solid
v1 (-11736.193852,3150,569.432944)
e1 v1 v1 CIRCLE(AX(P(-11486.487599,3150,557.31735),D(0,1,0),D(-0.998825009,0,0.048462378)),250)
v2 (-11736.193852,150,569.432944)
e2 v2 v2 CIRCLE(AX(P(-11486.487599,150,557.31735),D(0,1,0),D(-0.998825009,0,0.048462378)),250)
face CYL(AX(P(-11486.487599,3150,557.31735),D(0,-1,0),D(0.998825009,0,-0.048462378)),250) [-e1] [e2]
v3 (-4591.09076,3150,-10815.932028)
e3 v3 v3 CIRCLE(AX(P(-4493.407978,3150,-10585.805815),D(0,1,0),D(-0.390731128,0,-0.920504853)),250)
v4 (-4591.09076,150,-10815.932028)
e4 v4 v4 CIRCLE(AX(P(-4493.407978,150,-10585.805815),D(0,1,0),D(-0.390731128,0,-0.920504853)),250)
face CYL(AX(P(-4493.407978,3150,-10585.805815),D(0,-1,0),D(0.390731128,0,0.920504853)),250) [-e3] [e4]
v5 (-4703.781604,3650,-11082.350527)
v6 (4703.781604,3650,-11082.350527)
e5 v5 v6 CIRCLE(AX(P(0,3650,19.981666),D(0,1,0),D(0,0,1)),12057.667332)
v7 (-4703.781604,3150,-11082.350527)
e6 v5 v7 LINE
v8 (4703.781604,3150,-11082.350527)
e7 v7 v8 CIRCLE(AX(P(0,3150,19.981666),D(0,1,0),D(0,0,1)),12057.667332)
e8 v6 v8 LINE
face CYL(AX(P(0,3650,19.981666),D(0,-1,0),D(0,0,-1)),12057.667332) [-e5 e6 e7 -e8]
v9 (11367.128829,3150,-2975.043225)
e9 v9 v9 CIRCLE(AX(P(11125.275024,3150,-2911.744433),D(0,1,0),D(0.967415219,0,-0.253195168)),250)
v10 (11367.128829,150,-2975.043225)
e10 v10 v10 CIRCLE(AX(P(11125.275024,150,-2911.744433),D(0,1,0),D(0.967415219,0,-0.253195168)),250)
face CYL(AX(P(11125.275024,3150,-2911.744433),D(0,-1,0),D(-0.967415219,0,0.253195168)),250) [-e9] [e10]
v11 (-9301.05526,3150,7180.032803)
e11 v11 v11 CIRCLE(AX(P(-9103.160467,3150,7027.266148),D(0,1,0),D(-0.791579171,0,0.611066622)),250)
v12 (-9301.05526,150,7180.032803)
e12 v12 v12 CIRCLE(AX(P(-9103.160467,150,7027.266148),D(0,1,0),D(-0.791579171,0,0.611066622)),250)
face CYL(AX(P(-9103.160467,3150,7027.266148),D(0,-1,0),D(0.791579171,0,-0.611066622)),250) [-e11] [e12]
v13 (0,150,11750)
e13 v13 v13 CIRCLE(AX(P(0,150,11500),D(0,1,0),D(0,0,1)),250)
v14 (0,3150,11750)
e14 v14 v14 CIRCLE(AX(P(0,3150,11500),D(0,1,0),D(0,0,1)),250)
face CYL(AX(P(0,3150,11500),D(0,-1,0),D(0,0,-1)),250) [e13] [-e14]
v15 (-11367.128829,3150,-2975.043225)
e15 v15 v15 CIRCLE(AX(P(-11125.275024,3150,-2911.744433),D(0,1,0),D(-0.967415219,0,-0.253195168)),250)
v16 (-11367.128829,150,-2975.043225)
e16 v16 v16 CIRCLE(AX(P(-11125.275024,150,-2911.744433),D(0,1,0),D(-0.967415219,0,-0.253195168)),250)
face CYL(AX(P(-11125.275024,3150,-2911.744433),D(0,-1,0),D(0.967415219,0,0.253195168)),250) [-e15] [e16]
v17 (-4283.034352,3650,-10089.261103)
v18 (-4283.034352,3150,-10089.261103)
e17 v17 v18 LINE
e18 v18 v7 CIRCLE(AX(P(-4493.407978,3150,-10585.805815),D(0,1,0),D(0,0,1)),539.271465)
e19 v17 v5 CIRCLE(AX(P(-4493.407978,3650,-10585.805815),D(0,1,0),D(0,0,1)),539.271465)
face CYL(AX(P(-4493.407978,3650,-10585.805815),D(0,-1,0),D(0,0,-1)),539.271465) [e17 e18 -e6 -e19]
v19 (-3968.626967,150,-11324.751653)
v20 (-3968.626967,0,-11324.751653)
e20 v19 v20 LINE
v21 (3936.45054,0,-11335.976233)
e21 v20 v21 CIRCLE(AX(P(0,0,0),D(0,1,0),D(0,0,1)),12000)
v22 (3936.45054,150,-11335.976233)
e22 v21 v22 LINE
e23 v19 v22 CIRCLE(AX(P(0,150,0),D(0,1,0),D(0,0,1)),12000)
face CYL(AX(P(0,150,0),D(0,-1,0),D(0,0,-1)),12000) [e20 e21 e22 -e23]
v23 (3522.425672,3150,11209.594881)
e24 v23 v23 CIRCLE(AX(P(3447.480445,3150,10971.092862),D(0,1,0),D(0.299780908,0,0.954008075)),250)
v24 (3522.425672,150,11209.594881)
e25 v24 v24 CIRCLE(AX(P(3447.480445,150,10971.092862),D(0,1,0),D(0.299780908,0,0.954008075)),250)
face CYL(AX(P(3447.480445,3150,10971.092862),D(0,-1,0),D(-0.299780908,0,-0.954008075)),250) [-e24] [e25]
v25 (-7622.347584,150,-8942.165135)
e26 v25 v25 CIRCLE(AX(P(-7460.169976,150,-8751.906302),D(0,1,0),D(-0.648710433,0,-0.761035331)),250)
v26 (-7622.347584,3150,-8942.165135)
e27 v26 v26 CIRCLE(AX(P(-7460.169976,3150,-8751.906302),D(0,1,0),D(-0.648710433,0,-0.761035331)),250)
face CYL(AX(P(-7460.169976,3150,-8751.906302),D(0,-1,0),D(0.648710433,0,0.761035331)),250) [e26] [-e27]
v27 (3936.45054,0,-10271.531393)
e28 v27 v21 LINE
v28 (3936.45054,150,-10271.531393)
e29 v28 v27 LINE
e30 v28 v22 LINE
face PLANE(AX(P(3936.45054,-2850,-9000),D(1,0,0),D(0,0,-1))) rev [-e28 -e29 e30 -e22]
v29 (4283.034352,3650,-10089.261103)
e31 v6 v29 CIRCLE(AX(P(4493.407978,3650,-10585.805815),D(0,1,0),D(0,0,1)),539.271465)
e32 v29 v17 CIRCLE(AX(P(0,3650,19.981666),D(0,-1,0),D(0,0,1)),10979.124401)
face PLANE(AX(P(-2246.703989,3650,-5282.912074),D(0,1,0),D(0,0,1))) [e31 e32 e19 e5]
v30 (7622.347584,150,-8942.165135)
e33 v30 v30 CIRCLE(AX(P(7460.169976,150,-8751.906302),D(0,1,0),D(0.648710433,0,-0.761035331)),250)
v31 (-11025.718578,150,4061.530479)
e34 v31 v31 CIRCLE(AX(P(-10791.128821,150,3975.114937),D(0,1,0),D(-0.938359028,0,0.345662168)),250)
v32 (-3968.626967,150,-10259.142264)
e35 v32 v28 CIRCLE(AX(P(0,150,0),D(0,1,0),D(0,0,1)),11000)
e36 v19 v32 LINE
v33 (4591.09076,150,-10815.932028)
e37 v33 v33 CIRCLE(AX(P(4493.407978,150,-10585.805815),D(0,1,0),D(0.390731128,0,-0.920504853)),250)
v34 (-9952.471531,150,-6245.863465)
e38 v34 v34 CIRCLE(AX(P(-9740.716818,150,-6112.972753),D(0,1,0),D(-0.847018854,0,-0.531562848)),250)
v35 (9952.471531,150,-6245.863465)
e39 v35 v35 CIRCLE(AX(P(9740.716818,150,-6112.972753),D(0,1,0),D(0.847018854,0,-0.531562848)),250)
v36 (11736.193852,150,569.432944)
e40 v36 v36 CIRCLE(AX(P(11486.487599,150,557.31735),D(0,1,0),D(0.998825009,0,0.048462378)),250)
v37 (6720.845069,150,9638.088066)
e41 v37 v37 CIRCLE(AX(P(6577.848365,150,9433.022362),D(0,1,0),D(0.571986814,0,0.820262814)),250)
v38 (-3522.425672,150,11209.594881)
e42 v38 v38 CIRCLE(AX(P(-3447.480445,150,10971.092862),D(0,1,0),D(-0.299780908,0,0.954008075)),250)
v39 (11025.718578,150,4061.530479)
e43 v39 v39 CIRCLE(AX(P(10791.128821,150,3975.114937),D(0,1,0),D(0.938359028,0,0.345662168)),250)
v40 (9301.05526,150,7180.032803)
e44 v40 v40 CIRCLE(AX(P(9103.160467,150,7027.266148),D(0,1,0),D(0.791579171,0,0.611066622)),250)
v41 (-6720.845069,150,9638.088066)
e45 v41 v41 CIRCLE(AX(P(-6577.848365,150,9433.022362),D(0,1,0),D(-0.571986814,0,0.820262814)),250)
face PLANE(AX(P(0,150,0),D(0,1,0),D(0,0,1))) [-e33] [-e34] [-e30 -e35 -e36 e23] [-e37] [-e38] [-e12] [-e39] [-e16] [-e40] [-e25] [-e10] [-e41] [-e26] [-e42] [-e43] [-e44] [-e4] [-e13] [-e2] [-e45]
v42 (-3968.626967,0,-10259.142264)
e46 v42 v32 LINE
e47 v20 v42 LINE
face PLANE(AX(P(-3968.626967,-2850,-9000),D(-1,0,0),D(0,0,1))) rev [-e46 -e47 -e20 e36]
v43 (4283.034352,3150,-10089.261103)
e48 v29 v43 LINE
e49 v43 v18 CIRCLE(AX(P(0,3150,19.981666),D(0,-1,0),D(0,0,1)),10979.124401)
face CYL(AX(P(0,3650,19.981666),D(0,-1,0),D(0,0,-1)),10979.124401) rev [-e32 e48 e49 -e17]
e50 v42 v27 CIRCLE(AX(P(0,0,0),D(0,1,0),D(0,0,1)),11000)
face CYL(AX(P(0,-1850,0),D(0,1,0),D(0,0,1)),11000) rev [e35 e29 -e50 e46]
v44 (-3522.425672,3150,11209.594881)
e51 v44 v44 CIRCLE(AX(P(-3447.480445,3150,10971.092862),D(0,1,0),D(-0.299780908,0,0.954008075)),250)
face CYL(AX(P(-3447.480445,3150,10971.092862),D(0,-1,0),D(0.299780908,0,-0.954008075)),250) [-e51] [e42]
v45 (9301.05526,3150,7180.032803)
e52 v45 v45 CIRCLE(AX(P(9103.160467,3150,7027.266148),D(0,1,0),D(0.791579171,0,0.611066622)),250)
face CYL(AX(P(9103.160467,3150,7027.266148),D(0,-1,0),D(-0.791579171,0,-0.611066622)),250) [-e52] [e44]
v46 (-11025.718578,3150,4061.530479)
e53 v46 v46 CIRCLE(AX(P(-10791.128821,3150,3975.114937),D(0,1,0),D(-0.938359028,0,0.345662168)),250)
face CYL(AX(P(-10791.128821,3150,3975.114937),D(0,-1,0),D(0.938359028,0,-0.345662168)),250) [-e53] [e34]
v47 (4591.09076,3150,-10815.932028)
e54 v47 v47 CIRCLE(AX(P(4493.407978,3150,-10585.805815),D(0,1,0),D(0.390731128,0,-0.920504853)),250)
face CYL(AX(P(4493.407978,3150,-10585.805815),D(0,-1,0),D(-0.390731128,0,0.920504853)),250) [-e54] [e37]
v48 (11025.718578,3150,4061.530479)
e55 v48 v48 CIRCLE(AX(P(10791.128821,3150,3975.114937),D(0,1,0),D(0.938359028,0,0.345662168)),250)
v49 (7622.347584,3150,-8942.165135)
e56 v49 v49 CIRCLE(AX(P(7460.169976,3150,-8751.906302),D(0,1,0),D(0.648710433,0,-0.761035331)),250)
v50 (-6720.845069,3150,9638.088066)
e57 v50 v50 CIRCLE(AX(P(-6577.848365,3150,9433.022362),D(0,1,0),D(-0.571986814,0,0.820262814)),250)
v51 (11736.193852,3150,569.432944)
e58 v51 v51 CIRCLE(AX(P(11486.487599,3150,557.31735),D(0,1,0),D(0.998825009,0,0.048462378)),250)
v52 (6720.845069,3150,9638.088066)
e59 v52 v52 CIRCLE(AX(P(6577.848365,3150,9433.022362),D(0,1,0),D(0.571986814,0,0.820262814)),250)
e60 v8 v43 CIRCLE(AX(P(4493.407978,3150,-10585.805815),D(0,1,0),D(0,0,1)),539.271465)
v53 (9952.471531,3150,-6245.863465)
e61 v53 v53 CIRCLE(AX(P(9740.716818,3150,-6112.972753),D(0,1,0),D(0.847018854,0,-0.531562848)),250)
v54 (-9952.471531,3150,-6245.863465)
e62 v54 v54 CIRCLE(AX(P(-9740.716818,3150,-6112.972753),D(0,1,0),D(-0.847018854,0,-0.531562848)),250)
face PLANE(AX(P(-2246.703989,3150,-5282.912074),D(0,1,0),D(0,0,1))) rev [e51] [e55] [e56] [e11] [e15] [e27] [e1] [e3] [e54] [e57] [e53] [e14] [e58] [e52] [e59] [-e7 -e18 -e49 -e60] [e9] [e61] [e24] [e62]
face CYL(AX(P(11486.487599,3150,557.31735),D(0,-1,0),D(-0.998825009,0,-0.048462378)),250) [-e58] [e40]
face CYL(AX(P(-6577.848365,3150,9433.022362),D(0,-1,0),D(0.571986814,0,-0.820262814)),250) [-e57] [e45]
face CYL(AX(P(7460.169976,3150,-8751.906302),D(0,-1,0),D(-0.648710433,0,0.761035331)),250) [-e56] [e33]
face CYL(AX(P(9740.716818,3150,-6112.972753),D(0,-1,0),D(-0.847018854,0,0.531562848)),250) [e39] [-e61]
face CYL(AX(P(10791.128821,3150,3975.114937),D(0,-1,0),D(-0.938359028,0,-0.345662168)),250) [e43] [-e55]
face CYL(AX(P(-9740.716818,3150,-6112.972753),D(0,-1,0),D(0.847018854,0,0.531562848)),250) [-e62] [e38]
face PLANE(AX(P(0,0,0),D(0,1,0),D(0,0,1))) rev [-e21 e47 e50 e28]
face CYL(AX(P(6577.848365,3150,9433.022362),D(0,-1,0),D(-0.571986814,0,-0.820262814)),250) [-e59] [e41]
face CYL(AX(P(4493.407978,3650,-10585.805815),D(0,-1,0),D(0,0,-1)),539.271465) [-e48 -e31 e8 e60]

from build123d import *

# Parameters (mm, degrees)
SKETCH2_R                       = 12000
BOSS_EXTRUDE1_DEPTH             = 150
SKETCH4_R                       = 11000
CUT_EXTRUDE1_DEPTH              = 2000
SKETCH5_R                       = 250
BOSS_EXTRUDE4_DEPTH             = 3000
CIRPATTERN3_COUNT               = 10
CIRPATTERN3_ANGLE               = 157
CIRPATTERN3_THE_OTHER_WAY_COUNT = 10
CIRPATTERN3_THE_OTHER_WAY_ANGLE = 157
CUT_EXTRUDE3_DEPTH              = 5000
CUT_EXTRUDE3_DEPTH_BACK         = 3000
SKETCH8_W                       = 7905.077506289
SKETCH8_H                       = 3194.439171871
BOSS_EXTRUDE6_DEPTH             = 500


with BuildPart() as part:
    # Sketch2 → Boss-Extrude1 (new body)
    with BuildSketch(Plane(origin=(0, 0, 0), x_dir=(1, 0, 0), z_dir=(0, 1, 0))):
        with Locations(Location((0, 0, 0), (0, 0, 270))):
            Circle(SKETCH2_R)
    extrude(amount=BOSS_EXTRUDE1_DEPTH)

    # Sketch4 → Cut-Extrude1 (cut)
    with BuildSketch(Plane(origin=(0, 150, 0), x_dir=(1, 0, 0), z_dir=(0, 1, 0))):
        with Locations(Location((0, 0, 0), (0, 0, 270))):
            Circle(SKETCH4_R)
    extrude(amount=-CUT_EXTRUDE1_DEPTH, mode=Mode.SUBTRACT)

    # Sketch5 → Boss-Extrude4 (add)
    with BuildSketch(Plane(origin=(0, 150, 0), x_dir=(1, 0, 0), z_dir=(0, 1, 0))):
        with Locations(Location((0, -11500, 0), (0, 0, 270))):
            Circle(SKETCH5_R)
    boss_extrude4 = extrude(amount=BOSS_EXTRUDE4_DEPTH)

    # CirPattern3: Boss-Extrude4 ×10 about axis
    cirpattern3_axis = Axis((0, 0, 0), (0, -1, 0))
    for i in range(1, CIRPATTERN3_COUNT):
        add(boss_extrude4.rotate(cirpattern3_axis, i * CIRPATTERN3_ANGLE / (CIRPATTERN3_COUNT - 1)))

    # CirPattern3 the other way: Boss-Extrude4 ×10 about axis
    cirpattern3_the_other_way_axis = Axis((0, 0, 0), (0, 1, 0))
    for i in range(1, CIRPATTERN3_THE_OTHER_WAY_COUNT):
        add(boss_extrude4.rotate(cirpattern3_the_other_way_axis, i * CIRPATTERN3_THE_OTHER_WAY_ANGLE / (CIRPATTERN3_THE_OTHER_WAY_COUNT - 1)))

    # Sketch8 → Cut-Extrude3 (cut, two sides: drawn at the far end of the back side and taken through both)
    with BuildSketch(Plane(origin=(0, 150, 0), x_dir=(1, 0, 0), z_dir=(0, 1, 0)).offset(-CUT_EXTRUDE3_DEPTH_BACK)):
        with Locations((-16.088213452, 10597.219585936)):
            Rectangle(SKETCH8_W, SKETCH8_H)
    extrude(amount=CUT_EXTRUDE3_DEPTH + CUT_EXTRUDE3_DEPTH_BACK, mode=Mode.SUBTRACT)

    # Sketch9 → Boss-Extrude6 (add)
    with BuildSketch(Plane(origin=(0, 3150, 0), x_dir=(1, 0, 0), z_dir=(0, 1, 0))):
        with BuildLine():
            ThreePointArc((-4703.781603708, 11082.350526625), (0, -12077.648998423), (4703.781603708, 11082.350526625))
            ThreePointArc((4703.781603708, 11082.350526625), (3996.863265704, 10796.179440784), (4283.034351545, 10089.261102781))
            ThreePointArc((4283.034351545, 10089.261102781), (0, -10999.106067449), (-4283.034351545, 10089.261102781))
            ThreePointArc((-4283.034351545, 10089.261102781), (-3996.863265704, 10796.179440784), (-4703.781603708, 11082.350526625))
        make_face()
    extrude(amount=BOSS_EXTRUDE6_DEPTH)


solid = part.part
